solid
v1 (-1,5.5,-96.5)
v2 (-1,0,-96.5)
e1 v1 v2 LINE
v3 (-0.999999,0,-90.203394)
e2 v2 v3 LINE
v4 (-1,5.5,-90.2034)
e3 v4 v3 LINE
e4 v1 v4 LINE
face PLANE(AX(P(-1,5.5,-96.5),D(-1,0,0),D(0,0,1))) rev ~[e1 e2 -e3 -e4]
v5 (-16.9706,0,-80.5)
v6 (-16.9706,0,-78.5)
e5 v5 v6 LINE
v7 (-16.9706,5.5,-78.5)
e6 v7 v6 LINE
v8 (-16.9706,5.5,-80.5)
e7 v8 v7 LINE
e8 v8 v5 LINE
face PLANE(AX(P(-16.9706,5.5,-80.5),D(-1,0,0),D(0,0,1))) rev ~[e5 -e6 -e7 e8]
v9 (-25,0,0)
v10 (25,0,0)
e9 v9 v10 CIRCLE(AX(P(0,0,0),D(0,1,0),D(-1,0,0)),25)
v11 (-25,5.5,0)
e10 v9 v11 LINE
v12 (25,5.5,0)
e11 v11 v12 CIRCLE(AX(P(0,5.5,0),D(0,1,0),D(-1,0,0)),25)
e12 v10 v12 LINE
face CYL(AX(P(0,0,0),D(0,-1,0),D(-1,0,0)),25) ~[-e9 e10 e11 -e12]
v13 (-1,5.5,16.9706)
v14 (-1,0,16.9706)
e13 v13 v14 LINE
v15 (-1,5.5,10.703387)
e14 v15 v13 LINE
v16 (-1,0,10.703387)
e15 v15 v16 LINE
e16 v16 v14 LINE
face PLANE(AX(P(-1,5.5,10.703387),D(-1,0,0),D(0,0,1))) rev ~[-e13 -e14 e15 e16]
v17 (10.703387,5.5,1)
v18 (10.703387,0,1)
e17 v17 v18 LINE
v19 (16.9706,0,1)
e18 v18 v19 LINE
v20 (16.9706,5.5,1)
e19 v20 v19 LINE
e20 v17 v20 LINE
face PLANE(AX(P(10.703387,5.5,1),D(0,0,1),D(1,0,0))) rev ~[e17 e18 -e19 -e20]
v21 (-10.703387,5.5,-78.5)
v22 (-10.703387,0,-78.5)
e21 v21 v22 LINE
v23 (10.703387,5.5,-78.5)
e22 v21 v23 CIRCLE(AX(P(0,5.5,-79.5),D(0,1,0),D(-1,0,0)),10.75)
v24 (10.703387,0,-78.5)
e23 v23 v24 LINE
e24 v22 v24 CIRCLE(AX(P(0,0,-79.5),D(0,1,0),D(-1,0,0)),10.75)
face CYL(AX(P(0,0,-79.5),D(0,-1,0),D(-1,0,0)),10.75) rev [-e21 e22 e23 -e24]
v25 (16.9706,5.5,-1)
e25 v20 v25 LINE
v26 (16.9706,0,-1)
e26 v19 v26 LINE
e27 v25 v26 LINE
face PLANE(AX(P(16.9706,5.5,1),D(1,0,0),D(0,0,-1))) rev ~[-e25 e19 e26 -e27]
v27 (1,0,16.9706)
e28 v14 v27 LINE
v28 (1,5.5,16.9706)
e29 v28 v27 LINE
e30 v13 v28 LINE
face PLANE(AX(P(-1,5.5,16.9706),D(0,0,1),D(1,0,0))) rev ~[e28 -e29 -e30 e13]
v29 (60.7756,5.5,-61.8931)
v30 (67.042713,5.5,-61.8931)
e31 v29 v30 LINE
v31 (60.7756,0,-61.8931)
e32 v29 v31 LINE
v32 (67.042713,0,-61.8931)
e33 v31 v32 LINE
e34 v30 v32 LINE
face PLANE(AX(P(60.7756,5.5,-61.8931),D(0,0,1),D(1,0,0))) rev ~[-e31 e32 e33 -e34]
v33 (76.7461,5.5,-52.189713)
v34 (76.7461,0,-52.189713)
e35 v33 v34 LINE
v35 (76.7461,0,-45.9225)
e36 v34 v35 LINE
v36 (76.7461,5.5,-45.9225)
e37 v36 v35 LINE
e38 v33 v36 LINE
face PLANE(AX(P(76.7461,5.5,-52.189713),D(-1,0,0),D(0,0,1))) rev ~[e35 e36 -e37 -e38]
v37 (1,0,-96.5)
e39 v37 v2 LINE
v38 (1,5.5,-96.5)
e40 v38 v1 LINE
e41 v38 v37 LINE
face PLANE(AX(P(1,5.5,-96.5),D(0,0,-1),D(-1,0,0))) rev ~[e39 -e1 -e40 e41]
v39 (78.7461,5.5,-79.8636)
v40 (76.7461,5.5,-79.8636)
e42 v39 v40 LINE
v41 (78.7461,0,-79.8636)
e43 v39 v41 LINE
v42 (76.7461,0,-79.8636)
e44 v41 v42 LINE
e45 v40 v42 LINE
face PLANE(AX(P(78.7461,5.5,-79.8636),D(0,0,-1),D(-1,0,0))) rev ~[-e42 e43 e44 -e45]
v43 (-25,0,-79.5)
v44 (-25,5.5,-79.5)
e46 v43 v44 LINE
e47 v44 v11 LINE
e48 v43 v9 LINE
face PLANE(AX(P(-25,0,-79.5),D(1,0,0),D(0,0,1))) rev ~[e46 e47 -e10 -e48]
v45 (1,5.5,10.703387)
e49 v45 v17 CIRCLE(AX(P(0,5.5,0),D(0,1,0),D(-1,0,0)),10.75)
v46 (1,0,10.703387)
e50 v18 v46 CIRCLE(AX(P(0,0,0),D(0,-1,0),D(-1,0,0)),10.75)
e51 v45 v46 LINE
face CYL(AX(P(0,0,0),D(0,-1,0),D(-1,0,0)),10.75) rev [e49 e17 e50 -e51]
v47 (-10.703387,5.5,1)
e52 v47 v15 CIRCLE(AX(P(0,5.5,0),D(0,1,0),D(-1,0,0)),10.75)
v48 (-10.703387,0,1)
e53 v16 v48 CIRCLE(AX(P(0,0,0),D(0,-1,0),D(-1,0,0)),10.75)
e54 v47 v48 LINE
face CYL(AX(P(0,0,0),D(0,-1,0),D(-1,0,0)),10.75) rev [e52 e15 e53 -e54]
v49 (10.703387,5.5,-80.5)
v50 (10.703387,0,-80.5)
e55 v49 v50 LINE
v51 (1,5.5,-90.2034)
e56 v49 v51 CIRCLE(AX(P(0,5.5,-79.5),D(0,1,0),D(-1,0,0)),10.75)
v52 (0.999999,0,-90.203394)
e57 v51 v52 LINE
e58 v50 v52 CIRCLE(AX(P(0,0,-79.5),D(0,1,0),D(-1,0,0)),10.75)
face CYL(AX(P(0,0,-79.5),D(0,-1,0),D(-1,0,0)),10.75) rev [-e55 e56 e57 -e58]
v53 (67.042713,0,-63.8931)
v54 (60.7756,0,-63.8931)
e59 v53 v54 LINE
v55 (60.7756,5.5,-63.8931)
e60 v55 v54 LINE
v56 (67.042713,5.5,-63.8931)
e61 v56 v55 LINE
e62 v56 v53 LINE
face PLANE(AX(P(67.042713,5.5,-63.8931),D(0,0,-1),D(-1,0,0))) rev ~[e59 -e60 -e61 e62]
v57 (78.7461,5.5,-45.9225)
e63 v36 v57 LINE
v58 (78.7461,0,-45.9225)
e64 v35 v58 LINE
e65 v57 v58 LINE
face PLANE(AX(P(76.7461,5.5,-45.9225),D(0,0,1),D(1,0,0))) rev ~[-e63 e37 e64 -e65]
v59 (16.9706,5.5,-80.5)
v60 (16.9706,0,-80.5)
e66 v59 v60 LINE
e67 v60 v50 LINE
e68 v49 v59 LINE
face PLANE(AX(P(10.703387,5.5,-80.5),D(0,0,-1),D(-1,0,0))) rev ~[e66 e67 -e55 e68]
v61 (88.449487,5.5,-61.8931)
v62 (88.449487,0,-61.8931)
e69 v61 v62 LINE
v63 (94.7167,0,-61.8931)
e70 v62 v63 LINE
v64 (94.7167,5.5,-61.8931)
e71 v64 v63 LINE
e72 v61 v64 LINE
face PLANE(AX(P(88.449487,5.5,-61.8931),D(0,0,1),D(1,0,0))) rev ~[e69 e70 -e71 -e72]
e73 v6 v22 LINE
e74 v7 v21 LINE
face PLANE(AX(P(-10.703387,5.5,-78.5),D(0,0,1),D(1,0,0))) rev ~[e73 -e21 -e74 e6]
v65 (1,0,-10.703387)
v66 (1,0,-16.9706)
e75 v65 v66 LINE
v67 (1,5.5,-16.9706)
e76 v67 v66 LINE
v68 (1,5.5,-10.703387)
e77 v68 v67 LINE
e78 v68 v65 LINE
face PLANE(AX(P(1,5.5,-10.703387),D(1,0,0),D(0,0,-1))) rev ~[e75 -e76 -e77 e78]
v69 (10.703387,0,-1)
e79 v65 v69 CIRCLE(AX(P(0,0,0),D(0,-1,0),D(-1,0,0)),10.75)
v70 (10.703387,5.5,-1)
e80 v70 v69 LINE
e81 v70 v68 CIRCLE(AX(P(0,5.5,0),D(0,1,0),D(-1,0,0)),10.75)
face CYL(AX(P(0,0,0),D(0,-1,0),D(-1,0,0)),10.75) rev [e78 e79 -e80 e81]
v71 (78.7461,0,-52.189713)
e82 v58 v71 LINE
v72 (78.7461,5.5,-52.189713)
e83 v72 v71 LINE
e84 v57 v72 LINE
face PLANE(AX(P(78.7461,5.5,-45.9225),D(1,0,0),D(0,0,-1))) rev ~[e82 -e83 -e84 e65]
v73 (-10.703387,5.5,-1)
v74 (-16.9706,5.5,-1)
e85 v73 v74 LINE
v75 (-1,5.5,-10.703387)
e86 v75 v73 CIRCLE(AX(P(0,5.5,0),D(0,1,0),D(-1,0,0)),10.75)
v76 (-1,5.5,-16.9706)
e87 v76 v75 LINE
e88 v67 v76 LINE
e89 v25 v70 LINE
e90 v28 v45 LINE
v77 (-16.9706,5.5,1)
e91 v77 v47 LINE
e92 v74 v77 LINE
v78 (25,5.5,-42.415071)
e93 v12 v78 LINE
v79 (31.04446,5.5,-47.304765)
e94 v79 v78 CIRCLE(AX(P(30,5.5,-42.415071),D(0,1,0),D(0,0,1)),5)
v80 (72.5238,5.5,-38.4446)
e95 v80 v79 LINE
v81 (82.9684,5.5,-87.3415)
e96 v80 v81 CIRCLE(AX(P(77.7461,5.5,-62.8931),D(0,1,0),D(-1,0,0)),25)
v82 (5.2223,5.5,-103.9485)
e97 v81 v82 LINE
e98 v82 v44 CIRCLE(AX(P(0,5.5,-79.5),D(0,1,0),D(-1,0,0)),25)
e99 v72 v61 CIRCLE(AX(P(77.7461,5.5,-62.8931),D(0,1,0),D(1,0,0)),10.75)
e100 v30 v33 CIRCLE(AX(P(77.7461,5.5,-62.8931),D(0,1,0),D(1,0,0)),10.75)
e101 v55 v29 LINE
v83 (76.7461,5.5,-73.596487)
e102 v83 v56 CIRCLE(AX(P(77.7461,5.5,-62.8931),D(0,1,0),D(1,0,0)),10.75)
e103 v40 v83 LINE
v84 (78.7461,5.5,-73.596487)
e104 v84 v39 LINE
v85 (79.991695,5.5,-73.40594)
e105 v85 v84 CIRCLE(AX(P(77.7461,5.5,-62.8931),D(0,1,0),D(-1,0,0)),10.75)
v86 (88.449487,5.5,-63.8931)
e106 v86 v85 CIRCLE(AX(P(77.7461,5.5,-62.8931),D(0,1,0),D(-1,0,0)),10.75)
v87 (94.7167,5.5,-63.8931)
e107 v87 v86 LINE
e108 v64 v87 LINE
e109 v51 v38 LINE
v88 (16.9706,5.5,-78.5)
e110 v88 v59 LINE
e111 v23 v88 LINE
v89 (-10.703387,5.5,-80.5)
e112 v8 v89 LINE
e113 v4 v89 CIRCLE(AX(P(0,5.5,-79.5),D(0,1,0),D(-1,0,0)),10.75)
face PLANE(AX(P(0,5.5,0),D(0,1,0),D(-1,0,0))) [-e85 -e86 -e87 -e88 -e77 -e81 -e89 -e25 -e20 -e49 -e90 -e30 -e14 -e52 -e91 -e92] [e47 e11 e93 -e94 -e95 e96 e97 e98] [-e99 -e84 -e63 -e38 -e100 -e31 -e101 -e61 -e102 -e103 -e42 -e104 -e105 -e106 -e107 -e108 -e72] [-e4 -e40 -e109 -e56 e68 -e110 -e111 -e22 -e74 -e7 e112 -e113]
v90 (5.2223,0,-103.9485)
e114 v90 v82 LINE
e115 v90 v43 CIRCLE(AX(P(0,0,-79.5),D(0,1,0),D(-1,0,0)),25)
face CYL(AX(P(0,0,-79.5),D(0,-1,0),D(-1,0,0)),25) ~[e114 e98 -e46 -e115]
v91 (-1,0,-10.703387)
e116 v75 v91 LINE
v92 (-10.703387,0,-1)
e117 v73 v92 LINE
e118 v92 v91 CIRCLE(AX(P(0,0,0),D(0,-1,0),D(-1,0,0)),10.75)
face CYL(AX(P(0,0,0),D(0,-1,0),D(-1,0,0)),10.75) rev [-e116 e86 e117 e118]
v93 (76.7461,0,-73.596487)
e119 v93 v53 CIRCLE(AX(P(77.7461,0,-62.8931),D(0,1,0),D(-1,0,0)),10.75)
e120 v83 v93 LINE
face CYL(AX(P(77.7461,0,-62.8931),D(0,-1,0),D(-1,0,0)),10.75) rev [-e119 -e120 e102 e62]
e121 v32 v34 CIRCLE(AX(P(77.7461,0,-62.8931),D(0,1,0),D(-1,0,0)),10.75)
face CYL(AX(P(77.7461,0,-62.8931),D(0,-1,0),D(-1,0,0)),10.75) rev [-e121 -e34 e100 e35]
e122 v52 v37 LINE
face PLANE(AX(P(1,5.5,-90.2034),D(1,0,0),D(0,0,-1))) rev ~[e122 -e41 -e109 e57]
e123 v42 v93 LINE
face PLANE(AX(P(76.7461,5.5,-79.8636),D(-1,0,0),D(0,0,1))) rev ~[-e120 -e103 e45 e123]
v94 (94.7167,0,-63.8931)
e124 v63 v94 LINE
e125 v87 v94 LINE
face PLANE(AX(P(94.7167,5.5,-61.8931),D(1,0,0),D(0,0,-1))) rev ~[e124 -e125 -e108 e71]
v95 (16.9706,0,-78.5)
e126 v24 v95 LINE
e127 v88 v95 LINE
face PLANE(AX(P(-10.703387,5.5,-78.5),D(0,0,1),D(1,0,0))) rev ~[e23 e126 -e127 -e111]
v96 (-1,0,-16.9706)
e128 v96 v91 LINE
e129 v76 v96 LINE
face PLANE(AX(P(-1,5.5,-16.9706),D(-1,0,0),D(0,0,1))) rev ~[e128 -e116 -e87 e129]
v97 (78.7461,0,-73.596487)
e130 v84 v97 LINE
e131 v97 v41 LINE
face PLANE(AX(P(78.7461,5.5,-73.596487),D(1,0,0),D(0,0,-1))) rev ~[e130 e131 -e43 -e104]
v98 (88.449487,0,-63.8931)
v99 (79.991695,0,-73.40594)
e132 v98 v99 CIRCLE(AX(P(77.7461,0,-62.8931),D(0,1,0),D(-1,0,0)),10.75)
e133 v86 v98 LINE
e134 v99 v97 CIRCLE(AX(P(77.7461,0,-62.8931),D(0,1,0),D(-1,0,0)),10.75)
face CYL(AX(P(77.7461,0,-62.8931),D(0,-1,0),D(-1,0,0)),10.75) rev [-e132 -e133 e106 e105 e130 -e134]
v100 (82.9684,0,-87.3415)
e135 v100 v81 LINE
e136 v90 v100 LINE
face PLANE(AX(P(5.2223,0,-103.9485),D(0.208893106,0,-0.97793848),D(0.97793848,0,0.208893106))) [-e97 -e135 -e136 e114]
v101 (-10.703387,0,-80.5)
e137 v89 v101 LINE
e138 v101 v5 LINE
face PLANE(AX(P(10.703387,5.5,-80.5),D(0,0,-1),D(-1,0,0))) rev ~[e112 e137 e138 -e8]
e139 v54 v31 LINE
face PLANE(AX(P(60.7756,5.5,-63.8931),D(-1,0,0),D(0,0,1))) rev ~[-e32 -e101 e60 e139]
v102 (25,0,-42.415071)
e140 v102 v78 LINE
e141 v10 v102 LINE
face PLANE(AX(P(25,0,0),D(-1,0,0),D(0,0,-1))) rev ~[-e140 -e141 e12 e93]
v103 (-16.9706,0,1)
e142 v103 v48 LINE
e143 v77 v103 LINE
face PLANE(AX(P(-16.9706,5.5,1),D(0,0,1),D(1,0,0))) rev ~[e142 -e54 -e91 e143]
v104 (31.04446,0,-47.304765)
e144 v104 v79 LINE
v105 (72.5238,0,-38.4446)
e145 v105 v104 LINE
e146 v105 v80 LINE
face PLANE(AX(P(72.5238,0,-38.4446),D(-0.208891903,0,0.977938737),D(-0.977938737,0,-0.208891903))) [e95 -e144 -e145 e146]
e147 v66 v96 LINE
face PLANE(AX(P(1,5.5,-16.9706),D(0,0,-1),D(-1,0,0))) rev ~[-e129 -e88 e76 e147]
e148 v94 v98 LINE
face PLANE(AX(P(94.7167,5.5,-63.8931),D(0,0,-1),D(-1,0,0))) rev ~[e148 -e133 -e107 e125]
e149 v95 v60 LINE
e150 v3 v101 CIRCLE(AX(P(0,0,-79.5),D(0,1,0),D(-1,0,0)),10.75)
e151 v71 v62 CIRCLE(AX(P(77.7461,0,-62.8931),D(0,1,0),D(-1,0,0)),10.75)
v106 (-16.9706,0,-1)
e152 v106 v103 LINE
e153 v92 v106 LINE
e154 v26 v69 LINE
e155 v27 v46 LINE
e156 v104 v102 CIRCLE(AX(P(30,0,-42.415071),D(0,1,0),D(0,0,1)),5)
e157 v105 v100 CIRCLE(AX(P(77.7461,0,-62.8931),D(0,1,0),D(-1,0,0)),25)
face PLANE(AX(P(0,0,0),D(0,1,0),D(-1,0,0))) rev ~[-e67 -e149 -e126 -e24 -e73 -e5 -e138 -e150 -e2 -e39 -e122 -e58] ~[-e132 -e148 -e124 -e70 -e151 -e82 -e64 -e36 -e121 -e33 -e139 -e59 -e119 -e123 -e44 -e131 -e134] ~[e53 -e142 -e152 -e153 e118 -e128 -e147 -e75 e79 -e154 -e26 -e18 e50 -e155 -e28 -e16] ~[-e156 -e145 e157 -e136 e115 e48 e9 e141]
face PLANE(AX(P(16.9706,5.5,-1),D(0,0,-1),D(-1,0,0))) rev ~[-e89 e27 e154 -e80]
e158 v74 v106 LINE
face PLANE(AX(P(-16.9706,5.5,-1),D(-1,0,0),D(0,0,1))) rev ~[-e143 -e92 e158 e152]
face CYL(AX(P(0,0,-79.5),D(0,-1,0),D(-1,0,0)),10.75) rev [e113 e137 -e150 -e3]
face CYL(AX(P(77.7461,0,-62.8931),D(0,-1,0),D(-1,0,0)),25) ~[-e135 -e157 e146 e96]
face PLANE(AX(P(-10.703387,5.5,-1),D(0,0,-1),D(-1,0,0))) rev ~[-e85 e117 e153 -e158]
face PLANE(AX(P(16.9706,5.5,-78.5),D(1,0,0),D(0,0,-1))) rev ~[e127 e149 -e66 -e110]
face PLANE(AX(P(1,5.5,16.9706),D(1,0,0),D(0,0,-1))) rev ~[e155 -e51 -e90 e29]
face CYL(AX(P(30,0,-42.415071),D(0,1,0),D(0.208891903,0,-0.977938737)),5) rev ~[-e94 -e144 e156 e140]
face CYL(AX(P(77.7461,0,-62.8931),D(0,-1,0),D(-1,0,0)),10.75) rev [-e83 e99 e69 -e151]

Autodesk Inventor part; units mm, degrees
ref_plane "YZ Plane" through (0, 0, 0) normal (1, 0, 0) x (0, 1, 0)
ref_plane "XZ Plane" through (0, 0, 0) normal (0, 1, 0) x (-1, 0, 0)
ref_plane "XY Plane" through (0, 0, 0) normal (0, 0, 1) x (1, 0, 0)
sketch "スケッチ1" plane through (0, 0, 0) normal (0, 1, 0) x (-1, 0, 0)
  line L0 (25, 0) -> (-25, 0)
  line L1 (-25, 0) -> (-25, -104.5)
  line L2 (-25, -104.5) -> (25, -104.5) construction
  line L3 (25, -104.5) -> (25, 0)
  circle A0 centre (0, 0) radius 25
  circle A1 centre (0, 0) radius 57 construction
  circle A2 centre (0, -79.5) radius 22.5 construction
  circle A3 centre (0, 0) radius 75 construction
  circle A4 centre (0, -79.5) radius 10.75
  circle A5 centre (0, 0) radius 10.75
  circle A6 centre (-77.7461, -62.8931) radius 25
  circle A7 centre (-77.7461, -62.8931) radius 10.75
  circle A8 centre (0, -79.5) radius 25
  line L4 (-5.2223, -103.9485) -> (-82.9684, -87.3415)
  line L5 (-72.5238, -38.4446) -> (5.2223, -55.0515)
  line L6 (-77.7461, -62.8931) -> (-82.9684, -87.3415)
  point P0 (25, -79.5)
  point P1 (-25, -48.5959)
  dimension "d0" = 114
  dimension "d1" = 45
  dimension "d2" = 150
  dimension "d4" = 21.5
  dimension "d5" = 50
  dimension "d25" = 79.5
extrude "押し出し1" add sketch "スケッチ1" along normal blind 5.5 contours A0 L0 A5 | L0 A5 A0 | L3 A8 L5 L1 A0 | A8 | A8 L1 L5 | L4 L1 A8 | L1 L4 A6 L5 | A6
sketch "スケッチ4" plane through (0, 5.5, 0) normal (0, 1, 0) x (1, 0, 0)
  line L0 (-1, 90.2034) -> (1, 90.2034)
  line L1 (1, 90.2034) -> (1, 96.5)
  line L2 (1, 96.5) -> (-1, 96.5)
  line L3 (-1, 96.5) -> (-1, 90.2034)
  arc A0 (-25, 0) -> (25, 0) centre (0, 0) ccw projected
  line L4 (25, 0) -> (25, 48.5959) projected
  line L5 (25, 48.5959) -> (72.5238, 38.4446) projected
  arc A1 (72.5238, 38.4446) -> (82.9684, 87.3415) centre (77.7461, 62.8931) ccw projected
  line L6 (82.9684, 87.3415) -> (5.2223, 103.9485) projected
  arc A2 (5.2223, 103.9485) -> (-25, 79.5) centre (0, 79.5) ccw projected
  line L7 (-25, 79.5) -> (-25, 0) projected
  circle A3 centre (0, 0) radius 10.75 projected
  circle A4 centre (77.7461, 62.8931) radius 10.75 projected
  circle A5 centre (0, 79.5) radius 10.75 projected
  circle A6 centre (0, 79.5) radius 10.75 projected
  line L8 (-16.9706, -1) -> (16.9706, -1)
  line L9 (16.9706, -1) -> (16.9706, 1)
  line L10 (16.9706, 1) -> (-16.9706, 1)
  line L11 (-16.9706, 1) -> (-16.9706, -1)
  line L12 (-1, -16.9706) -> (1, -16.9706)
  line L13 (1, -16.9706) -> (1, 16.9706)
  line L14 (1, 16.9706) -> (-1, 16.9706)
  line L15 (-1, 16.9706) -> (-1, -16.9706)
  circle A7 centre (0, 0) radius 17
  line L16 (94.7167, 63.8931) -> (60.7756, 63.8931)
  line L17 (60.7756, 63.8931) -> (60.7756, 61.8931)
  line L18 (60.7756, 61.8931) -> (94.7167, 61.8931)
  line L19 (94.7167, 61.8931) -> (94.7167, 63.8931)
  line L20 (78.7461, 79.8636) -> (76.7461, 79.8636)
  line L21 (76.7461, 79.8636) -> (76.7461, 45.9225)
  line L22 (76.7461, 45.9225) -> (78.7461, 45.9225)
  line L23 (78.7461, 45.9225) -> (78.7461, 79.8636)
  line L24 (16.9706, 80.5) -> (-16.9706, 80.5)
  line L25 (-16.9706, 80.5) -> (-16.9706, 78.5)
  line L26 (-16.9706, 78.5) -> (16.9706, 78.5)
  line L27 (16.9706, 78.5) -> (16.9706, 80.5)
  line L28 (16.9706, 80.5) -> (-16.9706, 78.5) construction
  line L29 (-16.9706, 80.5) -> (16.9706, 78.5) construction
  point P0 (0, 96.5)
  point P1 (-16.9706, 0)
  point P2 (0, 16.9706)
  point P3 (-1, -10.7034)
  point P4 (1, -10.7034)
  point P5 (10.7034, 1)
  point P6 (10.7034, -1)
  point P7 (-1, 10.7034)
  point P8 (1, 10.7034)
  point P9 (-10.7034, -1)
  point P10 (-10.7034, 1)
  point P11 (60.7756, 62.8931)
  point P12 (77.7461, 45.9225)
  point P13 (77.7461, 61.8931)
  point P14 (76.7461, 62.8931)
  point P15 (88.4495, 63.8931)
  point P16 (78.7461, 73.5965)
  point P17 (76.7461, 73.5965)
  point P18 (67.0427, 63.8931)
  point P19 (67.0427, 61.8931)
  point P20 (76.7461, 52.1897)
  point P21 (78.7461, 52.1897)
  point P22 (88.4495, 61.8931)
  dimension "d26" = 17
  dimension "d27" = 2
  dimension "d30" = 34
extrude "押し出し4" cut sketch "スケッチ4" against normal through all contours A5 L0 | L3 L2 L1 A5 | L24 A5 L26 | A5 L26 L25 L24 | L24 L27 L26 A5 | A3 L10 L9 L8 | A3 L15 L14 L13 | L13 L12 L15 A3 | A3 L8 L11 L10 | A4 L18 L23 L16 | A4 L16 L19 L18 | L16 L23 A4 | A4 L23 L18 | L23 L16 L21 A4 | A4 L21 L20 L23 | L23 L18 L21 L16 | L23 L22 L21 A4 | A4 L21 L18 L23 | L21 L16 A4 | L21 L18 A4 L16 | A4 L18 L21 | A4 L18 L17 L16
fillet "フィレット1" radius 5 1 edges at (25, 2.75, -48.5959)
properties part number "gear_plate_1" material "木材 (カエデ材)"
